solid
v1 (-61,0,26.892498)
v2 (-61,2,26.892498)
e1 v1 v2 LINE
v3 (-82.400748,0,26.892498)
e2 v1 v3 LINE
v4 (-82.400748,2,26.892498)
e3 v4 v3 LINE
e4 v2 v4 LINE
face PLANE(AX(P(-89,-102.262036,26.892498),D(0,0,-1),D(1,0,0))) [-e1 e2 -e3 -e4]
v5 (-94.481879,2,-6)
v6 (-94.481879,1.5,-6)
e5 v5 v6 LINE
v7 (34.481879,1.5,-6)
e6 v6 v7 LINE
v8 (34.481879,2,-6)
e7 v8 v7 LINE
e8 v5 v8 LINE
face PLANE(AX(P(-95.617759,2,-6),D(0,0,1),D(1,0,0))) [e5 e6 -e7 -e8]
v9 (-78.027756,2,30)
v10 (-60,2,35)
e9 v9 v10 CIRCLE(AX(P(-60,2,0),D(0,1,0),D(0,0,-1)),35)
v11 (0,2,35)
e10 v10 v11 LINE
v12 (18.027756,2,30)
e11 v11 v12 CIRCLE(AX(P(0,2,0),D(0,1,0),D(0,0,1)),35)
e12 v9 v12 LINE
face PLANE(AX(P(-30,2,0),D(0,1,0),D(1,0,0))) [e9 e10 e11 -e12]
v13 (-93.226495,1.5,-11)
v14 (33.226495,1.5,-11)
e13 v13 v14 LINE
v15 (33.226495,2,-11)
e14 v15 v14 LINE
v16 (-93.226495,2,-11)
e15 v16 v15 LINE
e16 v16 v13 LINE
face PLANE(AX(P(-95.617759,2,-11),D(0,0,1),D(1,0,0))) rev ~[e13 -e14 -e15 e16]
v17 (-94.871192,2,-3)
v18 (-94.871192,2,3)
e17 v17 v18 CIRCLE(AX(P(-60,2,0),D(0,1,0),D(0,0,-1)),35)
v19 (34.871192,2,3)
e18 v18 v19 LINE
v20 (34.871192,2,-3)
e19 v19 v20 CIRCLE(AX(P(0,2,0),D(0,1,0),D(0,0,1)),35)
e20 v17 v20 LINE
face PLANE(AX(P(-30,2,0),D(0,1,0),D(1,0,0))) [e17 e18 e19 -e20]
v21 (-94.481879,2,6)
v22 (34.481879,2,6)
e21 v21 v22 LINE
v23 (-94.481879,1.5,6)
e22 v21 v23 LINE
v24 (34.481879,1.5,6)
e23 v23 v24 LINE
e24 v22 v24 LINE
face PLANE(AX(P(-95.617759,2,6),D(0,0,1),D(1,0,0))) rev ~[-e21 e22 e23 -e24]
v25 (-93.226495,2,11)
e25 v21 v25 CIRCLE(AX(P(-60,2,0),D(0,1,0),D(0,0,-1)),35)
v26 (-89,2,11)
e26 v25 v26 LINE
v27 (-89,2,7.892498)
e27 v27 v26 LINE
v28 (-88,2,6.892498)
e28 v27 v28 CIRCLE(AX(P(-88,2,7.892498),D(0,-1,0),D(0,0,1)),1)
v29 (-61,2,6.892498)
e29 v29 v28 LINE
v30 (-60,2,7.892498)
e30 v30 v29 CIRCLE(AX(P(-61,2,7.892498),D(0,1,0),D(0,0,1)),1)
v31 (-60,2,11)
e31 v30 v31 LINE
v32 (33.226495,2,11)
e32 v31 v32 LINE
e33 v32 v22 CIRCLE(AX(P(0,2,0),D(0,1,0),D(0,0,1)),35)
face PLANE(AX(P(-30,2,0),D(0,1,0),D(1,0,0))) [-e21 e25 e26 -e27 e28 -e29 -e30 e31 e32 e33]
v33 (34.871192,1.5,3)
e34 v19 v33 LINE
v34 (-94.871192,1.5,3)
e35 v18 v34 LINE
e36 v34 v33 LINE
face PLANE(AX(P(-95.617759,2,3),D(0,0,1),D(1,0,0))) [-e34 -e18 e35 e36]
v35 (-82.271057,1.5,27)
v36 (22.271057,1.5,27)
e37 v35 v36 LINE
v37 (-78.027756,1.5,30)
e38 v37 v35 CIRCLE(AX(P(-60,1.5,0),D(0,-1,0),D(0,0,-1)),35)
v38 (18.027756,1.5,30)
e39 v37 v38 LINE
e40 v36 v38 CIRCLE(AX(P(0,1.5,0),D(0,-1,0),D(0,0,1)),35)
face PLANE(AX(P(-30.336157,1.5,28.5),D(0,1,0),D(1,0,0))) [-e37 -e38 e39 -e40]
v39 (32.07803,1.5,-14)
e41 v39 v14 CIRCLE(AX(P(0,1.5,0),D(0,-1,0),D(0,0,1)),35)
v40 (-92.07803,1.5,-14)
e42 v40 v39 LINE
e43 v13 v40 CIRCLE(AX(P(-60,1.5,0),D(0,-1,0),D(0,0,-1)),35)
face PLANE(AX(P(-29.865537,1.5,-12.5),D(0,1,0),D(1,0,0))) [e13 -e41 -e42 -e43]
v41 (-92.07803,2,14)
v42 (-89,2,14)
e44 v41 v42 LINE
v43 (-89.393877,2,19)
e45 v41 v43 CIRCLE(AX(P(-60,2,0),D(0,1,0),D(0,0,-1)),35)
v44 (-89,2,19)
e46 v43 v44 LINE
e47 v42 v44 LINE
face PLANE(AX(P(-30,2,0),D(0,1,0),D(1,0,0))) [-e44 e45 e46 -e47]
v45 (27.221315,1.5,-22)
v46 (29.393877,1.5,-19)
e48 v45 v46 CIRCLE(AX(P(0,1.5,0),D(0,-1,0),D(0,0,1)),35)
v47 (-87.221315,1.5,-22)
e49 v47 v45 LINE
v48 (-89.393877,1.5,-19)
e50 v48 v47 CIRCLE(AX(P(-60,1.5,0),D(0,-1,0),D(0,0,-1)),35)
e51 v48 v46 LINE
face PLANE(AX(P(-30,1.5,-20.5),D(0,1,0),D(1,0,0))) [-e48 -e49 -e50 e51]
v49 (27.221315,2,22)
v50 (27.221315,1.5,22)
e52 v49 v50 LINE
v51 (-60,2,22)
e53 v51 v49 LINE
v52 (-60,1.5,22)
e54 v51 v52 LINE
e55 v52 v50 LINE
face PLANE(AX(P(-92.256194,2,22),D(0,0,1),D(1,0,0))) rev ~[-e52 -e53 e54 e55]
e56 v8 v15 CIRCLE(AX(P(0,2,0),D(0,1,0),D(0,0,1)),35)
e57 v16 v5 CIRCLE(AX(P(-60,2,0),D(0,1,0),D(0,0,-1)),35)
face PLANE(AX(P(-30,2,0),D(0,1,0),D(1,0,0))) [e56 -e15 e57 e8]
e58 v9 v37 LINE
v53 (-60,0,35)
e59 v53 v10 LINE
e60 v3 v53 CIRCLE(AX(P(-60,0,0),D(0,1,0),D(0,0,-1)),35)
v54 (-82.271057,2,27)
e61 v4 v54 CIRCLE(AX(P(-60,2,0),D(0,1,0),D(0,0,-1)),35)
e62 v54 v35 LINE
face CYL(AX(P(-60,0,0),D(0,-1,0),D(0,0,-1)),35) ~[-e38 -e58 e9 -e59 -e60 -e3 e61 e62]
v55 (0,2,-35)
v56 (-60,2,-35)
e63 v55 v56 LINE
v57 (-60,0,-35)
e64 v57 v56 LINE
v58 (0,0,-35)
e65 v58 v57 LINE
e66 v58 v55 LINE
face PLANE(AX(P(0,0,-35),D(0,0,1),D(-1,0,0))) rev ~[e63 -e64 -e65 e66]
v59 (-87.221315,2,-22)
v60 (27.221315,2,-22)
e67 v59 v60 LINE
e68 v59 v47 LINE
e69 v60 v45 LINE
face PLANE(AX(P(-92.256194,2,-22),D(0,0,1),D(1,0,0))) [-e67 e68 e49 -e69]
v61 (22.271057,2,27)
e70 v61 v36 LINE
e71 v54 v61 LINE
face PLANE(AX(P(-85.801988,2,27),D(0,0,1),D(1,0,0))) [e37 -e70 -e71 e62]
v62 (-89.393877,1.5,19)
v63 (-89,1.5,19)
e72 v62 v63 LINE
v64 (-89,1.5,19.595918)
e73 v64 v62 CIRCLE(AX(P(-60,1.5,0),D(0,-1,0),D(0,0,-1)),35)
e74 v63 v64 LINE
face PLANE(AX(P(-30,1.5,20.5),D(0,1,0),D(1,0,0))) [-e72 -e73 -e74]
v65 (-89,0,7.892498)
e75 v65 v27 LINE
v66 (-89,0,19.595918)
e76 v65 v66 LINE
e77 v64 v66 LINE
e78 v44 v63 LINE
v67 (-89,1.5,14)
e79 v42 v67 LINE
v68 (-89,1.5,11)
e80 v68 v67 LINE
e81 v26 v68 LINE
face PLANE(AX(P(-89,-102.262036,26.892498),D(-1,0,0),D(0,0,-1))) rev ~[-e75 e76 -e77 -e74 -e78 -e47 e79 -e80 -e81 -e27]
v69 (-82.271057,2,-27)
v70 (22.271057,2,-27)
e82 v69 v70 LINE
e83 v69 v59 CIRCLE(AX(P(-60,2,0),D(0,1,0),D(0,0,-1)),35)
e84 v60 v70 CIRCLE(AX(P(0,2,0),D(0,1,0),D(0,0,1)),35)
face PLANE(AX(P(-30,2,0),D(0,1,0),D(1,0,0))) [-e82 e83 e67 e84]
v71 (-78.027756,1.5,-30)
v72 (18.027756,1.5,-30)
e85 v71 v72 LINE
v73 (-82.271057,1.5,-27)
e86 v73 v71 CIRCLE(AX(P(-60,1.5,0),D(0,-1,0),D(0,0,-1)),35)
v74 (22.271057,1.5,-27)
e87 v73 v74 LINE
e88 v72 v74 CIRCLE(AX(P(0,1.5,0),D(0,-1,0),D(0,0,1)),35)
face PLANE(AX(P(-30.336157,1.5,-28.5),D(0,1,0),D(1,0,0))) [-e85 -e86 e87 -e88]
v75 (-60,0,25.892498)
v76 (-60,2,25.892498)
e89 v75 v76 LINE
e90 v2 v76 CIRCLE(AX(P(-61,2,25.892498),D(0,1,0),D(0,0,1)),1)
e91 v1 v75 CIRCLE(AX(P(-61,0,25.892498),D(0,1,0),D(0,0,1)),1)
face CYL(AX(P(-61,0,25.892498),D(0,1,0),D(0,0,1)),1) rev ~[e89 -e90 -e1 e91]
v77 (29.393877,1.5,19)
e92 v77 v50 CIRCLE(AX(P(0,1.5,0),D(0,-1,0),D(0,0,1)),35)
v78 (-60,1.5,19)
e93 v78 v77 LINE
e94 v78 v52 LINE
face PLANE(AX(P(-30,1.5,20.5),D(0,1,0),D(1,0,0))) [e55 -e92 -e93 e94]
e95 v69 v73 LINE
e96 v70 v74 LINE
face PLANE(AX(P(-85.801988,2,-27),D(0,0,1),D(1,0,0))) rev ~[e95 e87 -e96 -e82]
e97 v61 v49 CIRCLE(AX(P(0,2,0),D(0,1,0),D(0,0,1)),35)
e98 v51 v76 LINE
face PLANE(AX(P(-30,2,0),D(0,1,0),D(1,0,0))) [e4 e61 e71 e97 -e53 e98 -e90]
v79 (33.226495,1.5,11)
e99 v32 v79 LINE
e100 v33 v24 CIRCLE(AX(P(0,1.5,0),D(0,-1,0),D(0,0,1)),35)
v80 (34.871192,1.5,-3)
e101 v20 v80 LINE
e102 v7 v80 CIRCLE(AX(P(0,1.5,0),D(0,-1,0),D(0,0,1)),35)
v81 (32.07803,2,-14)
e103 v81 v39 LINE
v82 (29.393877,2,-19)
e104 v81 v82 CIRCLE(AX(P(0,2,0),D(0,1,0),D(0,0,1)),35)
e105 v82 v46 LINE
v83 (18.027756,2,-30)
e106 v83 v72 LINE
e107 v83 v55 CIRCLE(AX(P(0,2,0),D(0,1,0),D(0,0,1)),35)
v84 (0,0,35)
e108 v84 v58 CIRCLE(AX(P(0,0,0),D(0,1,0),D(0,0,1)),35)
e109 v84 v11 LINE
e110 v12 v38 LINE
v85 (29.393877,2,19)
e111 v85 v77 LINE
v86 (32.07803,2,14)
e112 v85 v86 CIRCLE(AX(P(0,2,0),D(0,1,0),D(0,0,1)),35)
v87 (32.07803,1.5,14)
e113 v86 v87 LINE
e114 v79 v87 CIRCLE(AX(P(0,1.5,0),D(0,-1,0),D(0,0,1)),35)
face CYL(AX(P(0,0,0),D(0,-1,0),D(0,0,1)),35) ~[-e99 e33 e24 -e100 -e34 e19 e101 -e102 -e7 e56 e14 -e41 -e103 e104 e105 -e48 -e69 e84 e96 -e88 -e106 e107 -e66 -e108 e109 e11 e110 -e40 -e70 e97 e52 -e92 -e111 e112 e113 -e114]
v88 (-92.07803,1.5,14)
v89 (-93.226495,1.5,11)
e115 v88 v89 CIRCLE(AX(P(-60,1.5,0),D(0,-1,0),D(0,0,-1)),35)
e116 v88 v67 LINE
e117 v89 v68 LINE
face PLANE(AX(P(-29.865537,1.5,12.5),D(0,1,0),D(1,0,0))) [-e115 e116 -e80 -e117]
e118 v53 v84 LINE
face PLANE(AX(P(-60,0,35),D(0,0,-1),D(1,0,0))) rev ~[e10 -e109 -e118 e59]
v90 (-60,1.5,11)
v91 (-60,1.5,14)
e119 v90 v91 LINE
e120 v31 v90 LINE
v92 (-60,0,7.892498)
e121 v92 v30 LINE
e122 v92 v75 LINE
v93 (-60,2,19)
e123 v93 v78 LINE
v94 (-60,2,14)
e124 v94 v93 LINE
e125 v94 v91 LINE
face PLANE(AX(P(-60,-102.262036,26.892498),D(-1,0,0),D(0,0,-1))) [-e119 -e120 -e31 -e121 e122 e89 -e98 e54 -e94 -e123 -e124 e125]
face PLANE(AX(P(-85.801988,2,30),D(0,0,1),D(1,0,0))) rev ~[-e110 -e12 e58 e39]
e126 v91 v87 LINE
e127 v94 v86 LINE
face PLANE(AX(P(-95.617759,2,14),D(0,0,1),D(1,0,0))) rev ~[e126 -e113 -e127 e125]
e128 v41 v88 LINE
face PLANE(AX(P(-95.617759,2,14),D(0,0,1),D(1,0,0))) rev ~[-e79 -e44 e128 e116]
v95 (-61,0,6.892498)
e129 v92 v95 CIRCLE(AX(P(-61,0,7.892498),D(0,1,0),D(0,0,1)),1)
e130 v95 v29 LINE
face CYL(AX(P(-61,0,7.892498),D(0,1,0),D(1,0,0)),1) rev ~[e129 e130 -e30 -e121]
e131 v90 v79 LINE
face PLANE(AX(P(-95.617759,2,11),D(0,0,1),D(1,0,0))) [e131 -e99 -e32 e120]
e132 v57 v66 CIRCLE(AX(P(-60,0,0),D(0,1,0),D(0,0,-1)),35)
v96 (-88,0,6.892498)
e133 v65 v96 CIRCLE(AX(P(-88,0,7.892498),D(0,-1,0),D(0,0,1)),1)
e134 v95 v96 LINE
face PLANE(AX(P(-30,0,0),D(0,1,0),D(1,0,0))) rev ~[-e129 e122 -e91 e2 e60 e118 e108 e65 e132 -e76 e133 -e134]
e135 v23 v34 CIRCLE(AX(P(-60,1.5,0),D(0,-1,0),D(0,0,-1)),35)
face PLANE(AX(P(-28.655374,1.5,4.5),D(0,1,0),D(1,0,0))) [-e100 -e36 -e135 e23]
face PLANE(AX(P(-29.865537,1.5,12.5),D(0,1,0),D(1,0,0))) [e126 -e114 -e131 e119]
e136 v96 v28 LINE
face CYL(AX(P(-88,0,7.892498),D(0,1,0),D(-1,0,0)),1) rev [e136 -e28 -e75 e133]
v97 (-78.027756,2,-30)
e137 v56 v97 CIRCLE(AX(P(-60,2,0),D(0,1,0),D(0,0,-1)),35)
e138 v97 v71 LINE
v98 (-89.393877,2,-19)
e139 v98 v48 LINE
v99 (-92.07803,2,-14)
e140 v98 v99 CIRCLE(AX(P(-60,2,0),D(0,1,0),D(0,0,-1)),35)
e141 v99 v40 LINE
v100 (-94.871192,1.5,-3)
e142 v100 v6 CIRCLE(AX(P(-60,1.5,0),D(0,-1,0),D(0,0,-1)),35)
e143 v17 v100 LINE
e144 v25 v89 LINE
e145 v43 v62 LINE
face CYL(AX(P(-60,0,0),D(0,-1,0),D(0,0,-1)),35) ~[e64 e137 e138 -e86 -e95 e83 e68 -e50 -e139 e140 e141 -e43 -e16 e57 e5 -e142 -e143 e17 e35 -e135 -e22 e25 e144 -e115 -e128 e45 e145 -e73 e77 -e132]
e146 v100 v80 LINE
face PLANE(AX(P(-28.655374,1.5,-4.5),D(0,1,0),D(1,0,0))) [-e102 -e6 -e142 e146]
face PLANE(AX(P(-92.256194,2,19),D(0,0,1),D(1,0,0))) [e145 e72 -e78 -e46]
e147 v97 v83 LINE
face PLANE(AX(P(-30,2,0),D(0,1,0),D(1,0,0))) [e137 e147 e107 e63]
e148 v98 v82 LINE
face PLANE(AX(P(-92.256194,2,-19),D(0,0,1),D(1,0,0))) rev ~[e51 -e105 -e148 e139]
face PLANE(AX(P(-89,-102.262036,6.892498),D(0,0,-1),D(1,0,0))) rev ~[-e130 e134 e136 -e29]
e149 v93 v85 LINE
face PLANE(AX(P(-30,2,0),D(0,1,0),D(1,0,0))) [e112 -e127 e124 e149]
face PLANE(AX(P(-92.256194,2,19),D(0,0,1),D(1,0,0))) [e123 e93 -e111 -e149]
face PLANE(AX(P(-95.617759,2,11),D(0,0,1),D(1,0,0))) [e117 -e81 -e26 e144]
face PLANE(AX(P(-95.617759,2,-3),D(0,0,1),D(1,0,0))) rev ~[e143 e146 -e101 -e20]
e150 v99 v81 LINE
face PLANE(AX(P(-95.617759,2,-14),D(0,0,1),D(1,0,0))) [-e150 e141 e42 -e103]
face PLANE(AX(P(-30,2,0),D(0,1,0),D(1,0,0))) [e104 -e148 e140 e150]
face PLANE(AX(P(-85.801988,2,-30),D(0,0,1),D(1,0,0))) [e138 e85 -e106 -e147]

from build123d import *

# Parameters (mm, degrees)
BOSS_EXTRUDE1_DEPTH     = 2
SKETCH2_W               = 110.931662833
SKETCH2_H               = 3
SKETCH2_W_2             = 124.512387616
SKETCH2_W_3             = 131.50444394
SKETCH2_W_4             = 133.924771129
CUT_EXTRUDE1_DEPTH      = 0.5
CUT_EXTRUDE3_DEPTH      = 102.262036322
CUT_EXTRUDE3_DEPTH_BACK = 102.262036322
SKETCH3_W               = 29
SKETCH3_H               = 20
FILLET1_R               = 1


with BuildPart() as part:
    # Sketch1 → Boss-Extrude1 (new body)
    with BuildSketch(Plane(origin=(0, 0, 0), x_dir=(1, 0, 0), z_dir=(0, 1, 0))):
        with BuildLine():
            Line((0, 35), (-60, 35))
            ThreePointArc((-60, 35), (-95, 0), (-60, -35))
            Line((-60, -35), (0, -35))
            ThreePointArc((0, -35), (35, 0), (0, 35))
        make_face()
    extrude(amount=BOSS_EXTRUDE1_DEPTH)

    # Sketch2 → Cut-Extrude1 (cut)
    with BuildSketch(Plane(origin=(0, 2, 0), x_dir=(1, 0, 0), z_dir=(0, 1, 0))):
        with Locations((-30.336156555, 28.5)):
            Rectangle(SKETCH2_W, SKETCH2_H)
        with Locations((-30, 20.5)):
            Rectangle(SKETCH2_W_2, SKETCH2_H)
        with Locations((-29.865537378, 12.5)):
            Rectangle(SKETCH2_W_3, SKETCH2_H)
        with Locations((-28.655373784, 4.5)):
            Rectangle(SKETCH2_W_4, SKETCH2_H)
        with Locations((-28.655373784, -4.5)):
            Rectangle(SKETCH2_W_4, SKETCH2_H)
        with Locations((-29.865537378, -12.5)):
            Rectangle(SKETCH2_W_3, SKETCH2_H)
        with Locations((-30, -20.5)):
            Rectangle(SKETCH2_W_2, SKETCH2_H)
        with Locations((-30.336156555, -28.5)):
            Rectangle(SKETCH2_W, SKETCH2_H)
    extrude(amount=-CUT_EXTRUDE1_DEPTH, mode=Mode.SUBTRACT)

    # Sketch3 → Cut-Extrude3 (cut, two sides: drawn at the far end of the back side and taken through both)
    with BuildSketch(Plane(origin=(0, 0, 0), x_dir=(1, 0, 0), z_dir=(0, 1, 0)).offset(-CUT_EXTRUDE3_DEPTH_BACK)):
        with Locations((-74.5, -16.892498432)):
            Rectangle(SKETCH3_W, SKETCH3_H)
    extrude(amount=CUT_EXTRUDE3_DEPTH + CUT_EXTRUDE3_DEPTH_BACK, mode=Mode.SUBTRACT)

    # Fillet1
    fillet1_edges = [part.edges().sort_by_distance(p)[0] for p in [
        (-60, 1, 6.892498432),
        (-89, 1, 6.892498432),
        (-60, 1, 26.892498432),
    ]]
    fillet(fillet1_edges, radius=FILLET1_R)


solid = part.part
